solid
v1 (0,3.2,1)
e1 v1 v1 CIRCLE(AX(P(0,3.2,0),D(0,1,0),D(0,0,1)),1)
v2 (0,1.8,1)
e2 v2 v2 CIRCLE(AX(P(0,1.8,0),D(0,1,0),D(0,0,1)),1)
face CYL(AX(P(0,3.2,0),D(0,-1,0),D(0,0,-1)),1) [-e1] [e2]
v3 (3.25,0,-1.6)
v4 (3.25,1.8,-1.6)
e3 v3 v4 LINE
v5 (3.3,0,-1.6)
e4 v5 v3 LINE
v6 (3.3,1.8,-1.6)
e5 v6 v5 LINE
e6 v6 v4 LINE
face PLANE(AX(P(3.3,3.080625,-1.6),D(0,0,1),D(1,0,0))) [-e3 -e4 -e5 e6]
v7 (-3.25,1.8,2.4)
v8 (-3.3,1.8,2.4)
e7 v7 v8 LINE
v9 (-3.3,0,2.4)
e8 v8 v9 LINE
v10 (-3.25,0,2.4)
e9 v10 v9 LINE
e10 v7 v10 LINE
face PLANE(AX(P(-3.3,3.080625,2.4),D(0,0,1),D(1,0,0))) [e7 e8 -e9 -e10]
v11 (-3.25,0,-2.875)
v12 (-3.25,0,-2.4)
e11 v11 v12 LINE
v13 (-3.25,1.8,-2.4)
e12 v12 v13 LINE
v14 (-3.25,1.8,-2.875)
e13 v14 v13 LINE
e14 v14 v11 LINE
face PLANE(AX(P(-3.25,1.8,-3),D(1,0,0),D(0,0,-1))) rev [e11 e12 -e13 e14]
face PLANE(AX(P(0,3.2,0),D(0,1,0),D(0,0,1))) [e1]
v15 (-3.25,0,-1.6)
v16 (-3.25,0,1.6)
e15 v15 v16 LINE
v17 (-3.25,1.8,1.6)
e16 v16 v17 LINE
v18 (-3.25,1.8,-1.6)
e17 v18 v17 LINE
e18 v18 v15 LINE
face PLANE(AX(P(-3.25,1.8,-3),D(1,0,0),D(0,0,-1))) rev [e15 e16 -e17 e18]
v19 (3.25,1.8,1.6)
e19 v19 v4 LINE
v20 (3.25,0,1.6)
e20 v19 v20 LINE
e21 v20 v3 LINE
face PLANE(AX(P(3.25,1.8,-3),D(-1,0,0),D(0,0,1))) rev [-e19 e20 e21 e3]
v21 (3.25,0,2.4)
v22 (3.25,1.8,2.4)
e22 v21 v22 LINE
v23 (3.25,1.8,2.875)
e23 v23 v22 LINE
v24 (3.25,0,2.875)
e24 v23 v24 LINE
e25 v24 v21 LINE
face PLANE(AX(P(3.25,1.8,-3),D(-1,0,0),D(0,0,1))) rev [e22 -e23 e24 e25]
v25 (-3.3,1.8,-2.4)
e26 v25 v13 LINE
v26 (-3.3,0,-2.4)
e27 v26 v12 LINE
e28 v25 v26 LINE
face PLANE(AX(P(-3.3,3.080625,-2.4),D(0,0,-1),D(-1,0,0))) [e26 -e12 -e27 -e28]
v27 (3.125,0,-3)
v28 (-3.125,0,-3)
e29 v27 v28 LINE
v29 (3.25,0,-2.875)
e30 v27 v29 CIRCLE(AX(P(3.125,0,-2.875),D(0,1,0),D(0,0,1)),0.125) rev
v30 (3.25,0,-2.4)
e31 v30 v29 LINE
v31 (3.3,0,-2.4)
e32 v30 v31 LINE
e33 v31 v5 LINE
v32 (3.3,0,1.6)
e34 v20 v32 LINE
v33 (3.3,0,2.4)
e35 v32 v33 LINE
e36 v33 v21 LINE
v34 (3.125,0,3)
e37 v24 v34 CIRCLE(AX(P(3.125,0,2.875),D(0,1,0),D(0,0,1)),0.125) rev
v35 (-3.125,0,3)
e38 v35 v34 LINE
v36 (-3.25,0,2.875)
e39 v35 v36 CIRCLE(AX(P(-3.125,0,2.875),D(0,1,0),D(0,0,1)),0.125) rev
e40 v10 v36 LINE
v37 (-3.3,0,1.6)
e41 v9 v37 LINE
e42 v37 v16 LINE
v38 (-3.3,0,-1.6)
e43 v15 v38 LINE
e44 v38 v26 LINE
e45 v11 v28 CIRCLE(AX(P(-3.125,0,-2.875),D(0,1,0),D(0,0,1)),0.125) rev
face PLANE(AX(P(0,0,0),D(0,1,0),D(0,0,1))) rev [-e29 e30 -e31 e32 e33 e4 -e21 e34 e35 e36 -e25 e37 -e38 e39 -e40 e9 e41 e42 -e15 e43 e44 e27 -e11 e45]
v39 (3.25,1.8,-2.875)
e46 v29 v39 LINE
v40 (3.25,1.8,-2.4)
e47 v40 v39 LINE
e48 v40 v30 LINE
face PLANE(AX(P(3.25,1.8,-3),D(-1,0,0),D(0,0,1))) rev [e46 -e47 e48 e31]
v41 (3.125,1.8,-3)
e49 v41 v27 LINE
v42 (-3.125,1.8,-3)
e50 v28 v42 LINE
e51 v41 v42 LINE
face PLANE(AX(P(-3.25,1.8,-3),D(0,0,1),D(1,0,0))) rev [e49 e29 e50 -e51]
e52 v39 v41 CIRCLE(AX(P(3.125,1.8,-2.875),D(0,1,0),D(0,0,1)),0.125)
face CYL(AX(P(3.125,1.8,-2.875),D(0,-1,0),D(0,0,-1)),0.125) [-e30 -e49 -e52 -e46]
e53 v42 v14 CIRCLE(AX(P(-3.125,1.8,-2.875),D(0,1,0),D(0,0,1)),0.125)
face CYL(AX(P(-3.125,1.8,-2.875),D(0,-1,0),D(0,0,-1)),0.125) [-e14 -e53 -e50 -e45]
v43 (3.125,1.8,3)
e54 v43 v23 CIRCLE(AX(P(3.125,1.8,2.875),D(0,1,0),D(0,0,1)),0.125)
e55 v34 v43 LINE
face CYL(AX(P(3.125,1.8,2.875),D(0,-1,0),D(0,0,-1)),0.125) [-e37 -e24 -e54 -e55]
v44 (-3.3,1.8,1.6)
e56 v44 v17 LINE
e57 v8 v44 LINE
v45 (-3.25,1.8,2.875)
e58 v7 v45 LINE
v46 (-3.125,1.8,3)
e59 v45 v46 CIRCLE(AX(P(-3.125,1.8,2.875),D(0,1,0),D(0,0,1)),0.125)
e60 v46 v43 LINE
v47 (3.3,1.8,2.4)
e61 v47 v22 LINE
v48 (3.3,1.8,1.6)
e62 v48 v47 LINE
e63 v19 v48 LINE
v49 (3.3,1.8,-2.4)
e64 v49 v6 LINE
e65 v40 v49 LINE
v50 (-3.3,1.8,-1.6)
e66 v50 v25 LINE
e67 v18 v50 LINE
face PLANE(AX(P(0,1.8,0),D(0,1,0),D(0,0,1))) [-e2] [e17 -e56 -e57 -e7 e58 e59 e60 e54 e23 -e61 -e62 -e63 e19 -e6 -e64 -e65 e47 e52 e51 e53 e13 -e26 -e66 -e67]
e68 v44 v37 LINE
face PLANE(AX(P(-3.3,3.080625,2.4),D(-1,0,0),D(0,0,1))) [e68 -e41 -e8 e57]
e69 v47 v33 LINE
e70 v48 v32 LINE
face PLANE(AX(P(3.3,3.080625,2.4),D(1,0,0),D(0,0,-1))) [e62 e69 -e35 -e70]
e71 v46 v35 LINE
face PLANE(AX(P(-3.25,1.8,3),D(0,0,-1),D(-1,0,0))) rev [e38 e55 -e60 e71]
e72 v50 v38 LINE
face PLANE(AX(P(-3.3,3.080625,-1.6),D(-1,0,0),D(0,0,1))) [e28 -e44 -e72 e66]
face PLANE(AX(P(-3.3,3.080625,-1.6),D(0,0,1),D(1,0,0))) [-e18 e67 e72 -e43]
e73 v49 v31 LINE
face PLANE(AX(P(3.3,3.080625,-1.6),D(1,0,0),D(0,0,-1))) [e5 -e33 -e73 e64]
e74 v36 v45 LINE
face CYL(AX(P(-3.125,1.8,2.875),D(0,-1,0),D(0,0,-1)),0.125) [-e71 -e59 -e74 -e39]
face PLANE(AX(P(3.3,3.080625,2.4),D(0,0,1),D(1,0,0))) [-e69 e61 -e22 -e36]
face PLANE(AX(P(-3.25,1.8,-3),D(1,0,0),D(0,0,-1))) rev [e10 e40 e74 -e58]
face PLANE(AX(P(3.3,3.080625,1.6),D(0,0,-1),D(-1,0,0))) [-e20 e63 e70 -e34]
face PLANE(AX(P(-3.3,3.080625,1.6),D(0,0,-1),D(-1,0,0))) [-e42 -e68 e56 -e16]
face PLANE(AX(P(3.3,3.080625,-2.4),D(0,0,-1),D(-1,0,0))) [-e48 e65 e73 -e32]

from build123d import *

# Parameters (mm, degrees)
SKETCH1_W           = 6.5
SKETCH1_H           = 6
BOSS_EXTRUDE1_DEPTH = 1.8
SKETCH2_W           = 1
SKETCH2_H           = 0.8
BOSS_EXTRUDE2_DEPTH = 1.8
SKETCH3_R           = 1
BOSS_EXTRUDE3_DEPTH = 1.4
FILLET1_R           = 0.125


with BuildPart() as part:
    # Sketch1 → Boss-Extrude1 (new body)
    with BuildSketch(Plane(origin=(0, 0, 0), x_dir=(1, 0, 0), z_dir=(0, 1, 0))):
        Rectangle(SKETCH1_W, SKETCH1_H)
    extrude(amount=BOSS_EXTRUDE1_DEPTH)

    # Sketch2 → Boss-Extrude2 (add)
    with BuildSketch(Plane.XZ):
        with Locations((-2.8, 2)):
            Rectangle(SKETCH2_W, SKETCH2_H)
        with Locations((-2.8, -2)):
            Rectangle(SKETCH2_W, SKETCH2_H)
        with Locations((2.8, -2)):
            Rectangle(SKETCH2_W, SKETCH2_H)
        with Locations((2.8, 2)):
            Rectangle(SKETCH2_W, SKETCH2_H)
    extrude(amount=-BOSS_EXTRUDE2_DEPTH)

    # Sketch3 → Boss-Extrude3 (add)
    with BuildSketch(Plane(origin=(0, 1.8, 0), x_dir=(1, 0, 0), z_dir=(0, 1, 0))):
        with Locations(Location((0, 0, 0), (0, 0, 270))):
            Circle(SKETCH3_R)
    extrude(amount=BOSS_EXTRUDE3_DEPTH)

    # Fillet1
    fillet1_edges = [part.edges().sort_by_distance(p)[0] for p in [
        (-3.25, 0.9, -3),
        (3.25, 0.9, -3),
        (3.25, 0.9, 3),
        (-3.25, 0.9, 3),
    ]]
    fillet(fillet1_edges, radius=FILLET1_R)


solid = part.part
